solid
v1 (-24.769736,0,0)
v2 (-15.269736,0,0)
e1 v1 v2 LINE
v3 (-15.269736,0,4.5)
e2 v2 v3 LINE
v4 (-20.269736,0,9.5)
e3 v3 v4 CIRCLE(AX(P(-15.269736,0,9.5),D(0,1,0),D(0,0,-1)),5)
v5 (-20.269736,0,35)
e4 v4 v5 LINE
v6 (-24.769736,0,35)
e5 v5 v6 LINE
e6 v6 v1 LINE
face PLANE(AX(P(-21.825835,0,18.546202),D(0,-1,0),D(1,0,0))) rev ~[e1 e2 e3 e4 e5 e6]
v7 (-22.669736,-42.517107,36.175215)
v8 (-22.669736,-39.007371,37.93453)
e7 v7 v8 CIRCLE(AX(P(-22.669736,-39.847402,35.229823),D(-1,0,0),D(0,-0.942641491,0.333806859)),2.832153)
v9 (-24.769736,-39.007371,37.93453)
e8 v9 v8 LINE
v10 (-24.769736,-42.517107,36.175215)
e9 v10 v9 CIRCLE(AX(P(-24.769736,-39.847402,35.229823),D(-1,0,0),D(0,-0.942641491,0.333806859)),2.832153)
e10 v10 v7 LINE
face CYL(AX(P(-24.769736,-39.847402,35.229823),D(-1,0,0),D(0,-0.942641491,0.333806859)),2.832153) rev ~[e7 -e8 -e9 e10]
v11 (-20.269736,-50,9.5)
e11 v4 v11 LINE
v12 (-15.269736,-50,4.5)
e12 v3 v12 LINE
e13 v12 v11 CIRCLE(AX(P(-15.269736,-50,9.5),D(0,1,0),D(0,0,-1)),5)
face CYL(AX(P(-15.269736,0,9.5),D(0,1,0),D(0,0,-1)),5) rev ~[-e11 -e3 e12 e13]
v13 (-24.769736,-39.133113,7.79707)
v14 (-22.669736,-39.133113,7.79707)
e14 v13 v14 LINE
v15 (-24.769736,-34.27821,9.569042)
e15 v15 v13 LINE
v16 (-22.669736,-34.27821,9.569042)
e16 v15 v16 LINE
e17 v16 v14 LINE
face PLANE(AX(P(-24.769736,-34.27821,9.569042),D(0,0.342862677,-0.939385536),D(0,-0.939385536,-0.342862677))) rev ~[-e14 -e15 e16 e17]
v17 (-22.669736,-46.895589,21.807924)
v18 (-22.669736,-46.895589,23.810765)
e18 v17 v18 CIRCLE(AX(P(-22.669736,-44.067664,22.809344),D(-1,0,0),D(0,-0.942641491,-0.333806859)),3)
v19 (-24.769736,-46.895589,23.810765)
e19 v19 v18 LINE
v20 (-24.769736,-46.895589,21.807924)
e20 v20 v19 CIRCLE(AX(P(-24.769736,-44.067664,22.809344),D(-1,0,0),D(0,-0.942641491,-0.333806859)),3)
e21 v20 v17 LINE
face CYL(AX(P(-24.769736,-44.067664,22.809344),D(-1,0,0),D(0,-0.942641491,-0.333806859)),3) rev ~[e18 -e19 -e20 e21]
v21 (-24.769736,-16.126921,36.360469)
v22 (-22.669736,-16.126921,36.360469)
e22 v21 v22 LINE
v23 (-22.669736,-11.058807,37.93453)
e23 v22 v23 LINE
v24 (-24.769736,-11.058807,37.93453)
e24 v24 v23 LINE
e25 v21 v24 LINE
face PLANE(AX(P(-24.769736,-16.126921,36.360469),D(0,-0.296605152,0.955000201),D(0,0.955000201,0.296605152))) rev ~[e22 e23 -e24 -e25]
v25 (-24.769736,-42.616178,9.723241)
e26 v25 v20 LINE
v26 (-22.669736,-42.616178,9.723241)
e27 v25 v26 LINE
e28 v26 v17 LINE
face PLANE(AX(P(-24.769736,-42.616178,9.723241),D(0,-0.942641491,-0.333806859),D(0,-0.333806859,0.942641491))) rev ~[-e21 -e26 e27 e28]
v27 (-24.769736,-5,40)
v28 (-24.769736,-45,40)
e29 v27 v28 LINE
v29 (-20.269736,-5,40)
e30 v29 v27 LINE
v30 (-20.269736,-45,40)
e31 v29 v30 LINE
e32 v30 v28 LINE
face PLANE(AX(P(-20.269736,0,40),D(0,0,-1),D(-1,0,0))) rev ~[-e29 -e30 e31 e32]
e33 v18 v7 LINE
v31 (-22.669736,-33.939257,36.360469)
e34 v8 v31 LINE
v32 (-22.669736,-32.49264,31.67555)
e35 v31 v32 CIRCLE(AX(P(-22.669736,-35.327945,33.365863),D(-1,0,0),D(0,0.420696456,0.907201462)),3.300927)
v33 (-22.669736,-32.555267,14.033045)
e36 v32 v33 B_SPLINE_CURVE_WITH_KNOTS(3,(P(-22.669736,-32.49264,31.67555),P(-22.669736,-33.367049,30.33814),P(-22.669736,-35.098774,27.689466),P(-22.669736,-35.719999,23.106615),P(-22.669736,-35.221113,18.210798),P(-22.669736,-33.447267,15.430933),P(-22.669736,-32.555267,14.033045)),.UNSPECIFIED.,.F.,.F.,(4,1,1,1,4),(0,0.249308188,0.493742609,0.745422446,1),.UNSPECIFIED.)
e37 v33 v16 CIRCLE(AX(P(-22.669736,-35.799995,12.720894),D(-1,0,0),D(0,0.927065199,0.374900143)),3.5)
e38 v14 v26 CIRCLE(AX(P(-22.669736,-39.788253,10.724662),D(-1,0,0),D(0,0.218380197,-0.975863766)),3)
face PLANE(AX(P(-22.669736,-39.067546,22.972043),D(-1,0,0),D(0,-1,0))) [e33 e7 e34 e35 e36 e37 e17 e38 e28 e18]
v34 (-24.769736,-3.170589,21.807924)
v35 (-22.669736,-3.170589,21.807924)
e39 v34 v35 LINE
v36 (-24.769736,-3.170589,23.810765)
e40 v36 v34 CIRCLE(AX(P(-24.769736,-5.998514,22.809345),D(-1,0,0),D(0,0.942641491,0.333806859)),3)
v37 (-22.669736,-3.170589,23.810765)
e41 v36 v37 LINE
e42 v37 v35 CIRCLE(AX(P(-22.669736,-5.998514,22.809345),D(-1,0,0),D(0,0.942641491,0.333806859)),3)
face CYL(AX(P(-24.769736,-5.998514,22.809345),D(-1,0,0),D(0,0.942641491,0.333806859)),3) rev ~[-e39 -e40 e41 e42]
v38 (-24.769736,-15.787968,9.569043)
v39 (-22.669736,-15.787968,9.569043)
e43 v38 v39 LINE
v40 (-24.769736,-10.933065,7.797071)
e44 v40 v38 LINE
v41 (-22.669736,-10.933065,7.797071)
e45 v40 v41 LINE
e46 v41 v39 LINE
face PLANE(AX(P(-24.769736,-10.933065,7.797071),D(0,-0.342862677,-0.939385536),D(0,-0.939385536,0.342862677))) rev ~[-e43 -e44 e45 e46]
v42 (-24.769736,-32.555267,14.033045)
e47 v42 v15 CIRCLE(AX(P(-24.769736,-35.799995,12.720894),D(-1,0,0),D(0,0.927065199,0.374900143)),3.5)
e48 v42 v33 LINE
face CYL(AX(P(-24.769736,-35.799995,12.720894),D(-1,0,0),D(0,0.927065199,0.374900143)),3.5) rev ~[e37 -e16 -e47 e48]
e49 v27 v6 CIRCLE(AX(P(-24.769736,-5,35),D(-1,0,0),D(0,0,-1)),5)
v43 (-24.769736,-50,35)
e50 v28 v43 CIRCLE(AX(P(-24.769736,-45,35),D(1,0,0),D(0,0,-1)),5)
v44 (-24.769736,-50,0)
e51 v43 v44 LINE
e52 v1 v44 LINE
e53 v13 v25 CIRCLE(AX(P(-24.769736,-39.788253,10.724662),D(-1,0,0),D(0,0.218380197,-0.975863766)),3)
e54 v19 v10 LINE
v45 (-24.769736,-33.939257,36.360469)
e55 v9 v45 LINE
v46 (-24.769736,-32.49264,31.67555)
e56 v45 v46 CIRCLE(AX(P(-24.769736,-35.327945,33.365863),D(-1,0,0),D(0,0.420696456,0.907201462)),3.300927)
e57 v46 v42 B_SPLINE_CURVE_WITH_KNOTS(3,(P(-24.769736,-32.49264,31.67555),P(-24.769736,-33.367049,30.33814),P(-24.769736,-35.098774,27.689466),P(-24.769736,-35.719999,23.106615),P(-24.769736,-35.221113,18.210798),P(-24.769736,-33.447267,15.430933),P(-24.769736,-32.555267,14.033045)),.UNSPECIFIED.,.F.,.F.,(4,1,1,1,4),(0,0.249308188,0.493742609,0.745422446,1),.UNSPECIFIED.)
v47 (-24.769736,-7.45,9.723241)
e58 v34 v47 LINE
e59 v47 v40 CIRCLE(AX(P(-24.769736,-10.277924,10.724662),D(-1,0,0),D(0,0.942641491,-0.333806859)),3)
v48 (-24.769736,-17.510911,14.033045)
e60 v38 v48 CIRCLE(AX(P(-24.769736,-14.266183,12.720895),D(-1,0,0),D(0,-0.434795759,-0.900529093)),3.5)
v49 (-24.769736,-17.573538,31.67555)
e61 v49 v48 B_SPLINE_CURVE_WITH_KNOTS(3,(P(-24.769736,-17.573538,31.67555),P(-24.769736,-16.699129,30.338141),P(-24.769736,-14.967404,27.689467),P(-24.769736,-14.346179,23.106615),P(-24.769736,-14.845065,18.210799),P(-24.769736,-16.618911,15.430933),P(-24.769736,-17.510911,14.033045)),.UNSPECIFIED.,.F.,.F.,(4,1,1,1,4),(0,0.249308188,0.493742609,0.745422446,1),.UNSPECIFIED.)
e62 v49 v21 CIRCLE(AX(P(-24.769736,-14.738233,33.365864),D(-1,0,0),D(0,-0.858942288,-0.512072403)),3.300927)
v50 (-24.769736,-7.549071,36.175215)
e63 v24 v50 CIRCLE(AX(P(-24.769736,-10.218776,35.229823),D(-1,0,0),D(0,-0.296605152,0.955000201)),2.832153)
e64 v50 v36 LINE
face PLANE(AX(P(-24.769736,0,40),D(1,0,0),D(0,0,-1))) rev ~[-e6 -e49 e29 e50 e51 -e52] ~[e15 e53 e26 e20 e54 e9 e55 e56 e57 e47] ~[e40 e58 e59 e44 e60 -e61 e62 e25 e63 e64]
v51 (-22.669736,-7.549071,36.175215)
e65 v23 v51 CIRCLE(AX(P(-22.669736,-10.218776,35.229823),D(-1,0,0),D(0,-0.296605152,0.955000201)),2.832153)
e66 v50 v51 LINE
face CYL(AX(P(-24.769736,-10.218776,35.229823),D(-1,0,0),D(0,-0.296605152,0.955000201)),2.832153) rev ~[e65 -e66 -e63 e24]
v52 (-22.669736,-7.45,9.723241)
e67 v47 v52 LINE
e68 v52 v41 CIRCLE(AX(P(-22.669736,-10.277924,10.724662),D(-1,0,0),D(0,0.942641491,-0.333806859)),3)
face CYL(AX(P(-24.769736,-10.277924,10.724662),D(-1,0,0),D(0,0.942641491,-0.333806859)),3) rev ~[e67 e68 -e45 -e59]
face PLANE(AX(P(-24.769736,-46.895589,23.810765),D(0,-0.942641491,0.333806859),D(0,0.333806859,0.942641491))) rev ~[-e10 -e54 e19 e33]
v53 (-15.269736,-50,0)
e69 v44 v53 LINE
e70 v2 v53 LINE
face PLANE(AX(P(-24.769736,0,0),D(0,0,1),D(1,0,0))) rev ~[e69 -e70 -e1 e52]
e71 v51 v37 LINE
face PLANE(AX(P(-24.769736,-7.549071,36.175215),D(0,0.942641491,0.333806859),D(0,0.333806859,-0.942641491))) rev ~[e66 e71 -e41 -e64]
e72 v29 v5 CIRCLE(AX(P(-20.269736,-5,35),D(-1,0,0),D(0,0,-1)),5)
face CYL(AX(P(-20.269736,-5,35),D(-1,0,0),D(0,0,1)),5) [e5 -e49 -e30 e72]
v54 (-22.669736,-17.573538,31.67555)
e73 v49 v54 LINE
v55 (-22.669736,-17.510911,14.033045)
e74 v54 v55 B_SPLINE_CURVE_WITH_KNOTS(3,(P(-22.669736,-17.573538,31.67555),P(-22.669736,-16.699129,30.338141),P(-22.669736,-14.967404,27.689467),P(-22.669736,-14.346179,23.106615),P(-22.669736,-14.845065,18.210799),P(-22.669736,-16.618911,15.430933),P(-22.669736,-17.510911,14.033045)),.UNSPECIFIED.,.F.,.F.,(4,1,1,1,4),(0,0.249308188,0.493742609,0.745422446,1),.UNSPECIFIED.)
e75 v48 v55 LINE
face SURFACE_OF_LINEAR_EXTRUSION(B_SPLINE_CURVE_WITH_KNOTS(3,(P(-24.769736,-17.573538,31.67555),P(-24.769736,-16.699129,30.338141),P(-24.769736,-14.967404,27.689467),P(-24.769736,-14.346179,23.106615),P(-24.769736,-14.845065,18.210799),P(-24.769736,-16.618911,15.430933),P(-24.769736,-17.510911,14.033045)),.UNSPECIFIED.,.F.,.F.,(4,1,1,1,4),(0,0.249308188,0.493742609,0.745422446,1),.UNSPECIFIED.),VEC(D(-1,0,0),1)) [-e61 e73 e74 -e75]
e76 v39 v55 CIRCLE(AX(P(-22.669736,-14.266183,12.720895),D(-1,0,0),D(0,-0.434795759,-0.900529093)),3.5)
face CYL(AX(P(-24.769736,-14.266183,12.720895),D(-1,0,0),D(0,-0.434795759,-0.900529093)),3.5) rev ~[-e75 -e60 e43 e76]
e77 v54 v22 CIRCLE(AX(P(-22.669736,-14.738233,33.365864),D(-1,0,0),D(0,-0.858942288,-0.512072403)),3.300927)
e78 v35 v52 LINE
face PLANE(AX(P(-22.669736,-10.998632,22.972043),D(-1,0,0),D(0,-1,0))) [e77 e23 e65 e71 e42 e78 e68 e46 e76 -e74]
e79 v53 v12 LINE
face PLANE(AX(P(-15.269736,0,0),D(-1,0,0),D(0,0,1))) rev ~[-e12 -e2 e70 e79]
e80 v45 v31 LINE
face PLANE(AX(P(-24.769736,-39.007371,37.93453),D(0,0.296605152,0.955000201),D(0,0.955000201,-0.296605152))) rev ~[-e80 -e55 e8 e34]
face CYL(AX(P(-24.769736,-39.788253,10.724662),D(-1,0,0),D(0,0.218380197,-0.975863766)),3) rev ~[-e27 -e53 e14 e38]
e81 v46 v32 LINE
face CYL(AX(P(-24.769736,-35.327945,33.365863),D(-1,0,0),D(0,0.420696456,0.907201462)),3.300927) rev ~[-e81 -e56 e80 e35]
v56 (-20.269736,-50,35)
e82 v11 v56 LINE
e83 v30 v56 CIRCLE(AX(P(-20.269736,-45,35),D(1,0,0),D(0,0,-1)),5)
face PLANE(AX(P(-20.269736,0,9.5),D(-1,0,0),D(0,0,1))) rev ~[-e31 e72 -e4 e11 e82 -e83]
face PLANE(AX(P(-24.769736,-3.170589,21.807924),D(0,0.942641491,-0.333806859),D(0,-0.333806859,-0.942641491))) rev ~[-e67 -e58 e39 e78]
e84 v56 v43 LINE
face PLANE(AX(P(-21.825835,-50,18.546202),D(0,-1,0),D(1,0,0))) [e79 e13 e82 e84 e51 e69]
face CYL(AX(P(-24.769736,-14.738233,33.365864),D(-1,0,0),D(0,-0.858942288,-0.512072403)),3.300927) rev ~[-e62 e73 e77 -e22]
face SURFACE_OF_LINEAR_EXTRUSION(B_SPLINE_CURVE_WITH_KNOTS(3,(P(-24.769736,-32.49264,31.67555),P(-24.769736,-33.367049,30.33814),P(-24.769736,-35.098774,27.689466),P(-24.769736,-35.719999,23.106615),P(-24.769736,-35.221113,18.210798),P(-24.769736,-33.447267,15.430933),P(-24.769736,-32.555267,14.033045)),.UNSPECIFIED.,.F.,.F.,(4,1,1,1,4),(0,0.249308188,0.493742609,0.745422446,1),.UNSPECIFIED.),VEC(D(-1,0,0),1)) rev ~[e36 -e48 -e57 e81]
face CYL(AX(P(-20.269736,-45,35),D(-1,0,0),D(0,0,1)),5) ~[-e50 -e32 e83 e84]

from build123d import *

# Parameters (mm, degrees)
F1_DEPTH = 50
F2_R     = 5
F3_R     = 5
F5_DEPTH = 2.1


with BuildPart() as f1:
    # F0 (on Front) → F1 (new body)
    with BuildSketch(Plane.XZ):
        with BuildLine():
            Line((-24.7697359324, 0), (-15.2697359324, 0))
            Line((-15.2697359324, 0), (-15.2697359324, 4.5))
            ThreePointArc((-15.2697359324, 4.5), (-18.8052698383, 5.9644660941), (-20.2697359324, 9.5))
            Line((-20.2697359324, 9.5), (-20.2697359324, 40))
            Line((-20.2697359324, 40), (-24.7697359324, 40))
            Line((-24.7697359324, 40), (-24.7697359324, 0))
        make_face()
    extrude(amount=F1_DEPTH)

    # F2
    f2_edges = [f1.edges().sort_by_distance(p)[0] for p in [
        (-22.519736, -50, 40),
    ]]
    fillet(f2_edges, radius=F2_R)

    # F3
    f3_edges = [f1.edges().sort_by_distance(p)[0] for p in [
        (-22.519736, 0, 40),
    ]]
    fillet(f3_edges, radius=F3_R)

    # F4 (on face) → F5 (cut)
    with BuildSketch(Plane(origin=(-24.7697359324, 0, 0), x_dir=(0, -1, 0), z_dir=(-1, 0, 0))):
        with BuildLine():
            Line((46.8955885446, 23.8107649305), (42.5171071131, 36.1752150642))
            ThreePointArc((42.5171071131, 36.1752150642), (41.1165449237, 37.7616933331), (39.0073708388, 37.93452974))
            Line((39.0073708388, 37.93452974), (33.9392572641, 36.3604687154))
            ThreePointArc((33.9392572641, 36.3604687154), (32.1739564338, 34.3397574907), (32.4926399743, 31.675549977))
            add(Edge.make_bspline(
                [(32.4926399743, 31.675549977), (33.3670492771, 30.3381403961), (35.0987739091, 27.6894664778), (35.7199990478, 23.1066149427), (35.2211127015, 18.2107984297), (33.4472667585, 15.4309330693), (32.5552672148, 14.0330446884)],
                knots=[0, 0, 0, 0, 0.2493081883, 0.4937426091, 0.7454224458, 1, 1, 1, 1], degree=3))
            ThreePointArc((32.5552672148, 14.0330446884), (32.5347631708, 11.4606329376), (34.2782102525, 9.5690423623))
            Line((34.2782102525, 9.5690423623), (39.1331128776, 7.7970703132))
            ThreePointArc((39.1331128776, 7.7970703132), (41.2400733133, 8.0993579825), (42.6161779425, 9.723241033))
            Line((42.6161779425, 9.723241033), (46.8955885446, 21.8079237751))
            ThreePointArc((46.8955885446, 21.8079237751), (47.0676640713, 22.8093443528), (46.8955885446, 23.8107649305))
        make_face()
        with BuildLine():
            ThreePointArc((3.1705893979, 23.8107653384), (2.9985138712, 22.8093447607), (3.1705893979, 21.807924183))
            Line((3.1705893979, 21.807924183), (7.45, 9.723241441))
            ThreePointArc((7.45, 9.723241441), (8.8261046292, 8.0993583904), (10.9330650649, 7.7970707212))
            Line((10.9330650649, 7.7970707212), (15.78796769, 9.5690427702))
            ThreePointArc((15.78796769, 9.5690427702), (17.5314147718, 11.4606333455), (17.5109107277, 14.0330450963))
            add(Edge.make_bspline(
                [(17.5735379682, 31.6755503849), (16.6991286655, 30.3381408041), (14.9674040335, 27.6894668857), (14.3461788947, 23.1066153507), (14.8450652411, 18.2107988376), (16.618911184, 15.4309334772), (17.5109107277, 14.0330450963)],
                knots=[0, 0, 0, 0, 0.2493081883, 0.4937426091, 0.7454224458, 1, 1, 1, 1], degree=3))
            ThreePointArc((17.5735379682, 31.6755503849), (17.8922215087, 34.3397578986), (16.1269206784, 36.3604691233))
            Line((16.1269206784, 36.3604691233), (11.0588071037, 37.9345301479))
            ThreePointArc((11.0588071037, 37.9345301479), (8.9496330188, 37.7616937411), (7.5490708294, 36.1752154721))
            Line((7.5490708294, 36.1752154721), (3.1705893979, 23.8107653384))
        make_face()
    extrude(amount=-F5_DEPTH, mode=Mode.SUBTRACT)


solid = f1.part
